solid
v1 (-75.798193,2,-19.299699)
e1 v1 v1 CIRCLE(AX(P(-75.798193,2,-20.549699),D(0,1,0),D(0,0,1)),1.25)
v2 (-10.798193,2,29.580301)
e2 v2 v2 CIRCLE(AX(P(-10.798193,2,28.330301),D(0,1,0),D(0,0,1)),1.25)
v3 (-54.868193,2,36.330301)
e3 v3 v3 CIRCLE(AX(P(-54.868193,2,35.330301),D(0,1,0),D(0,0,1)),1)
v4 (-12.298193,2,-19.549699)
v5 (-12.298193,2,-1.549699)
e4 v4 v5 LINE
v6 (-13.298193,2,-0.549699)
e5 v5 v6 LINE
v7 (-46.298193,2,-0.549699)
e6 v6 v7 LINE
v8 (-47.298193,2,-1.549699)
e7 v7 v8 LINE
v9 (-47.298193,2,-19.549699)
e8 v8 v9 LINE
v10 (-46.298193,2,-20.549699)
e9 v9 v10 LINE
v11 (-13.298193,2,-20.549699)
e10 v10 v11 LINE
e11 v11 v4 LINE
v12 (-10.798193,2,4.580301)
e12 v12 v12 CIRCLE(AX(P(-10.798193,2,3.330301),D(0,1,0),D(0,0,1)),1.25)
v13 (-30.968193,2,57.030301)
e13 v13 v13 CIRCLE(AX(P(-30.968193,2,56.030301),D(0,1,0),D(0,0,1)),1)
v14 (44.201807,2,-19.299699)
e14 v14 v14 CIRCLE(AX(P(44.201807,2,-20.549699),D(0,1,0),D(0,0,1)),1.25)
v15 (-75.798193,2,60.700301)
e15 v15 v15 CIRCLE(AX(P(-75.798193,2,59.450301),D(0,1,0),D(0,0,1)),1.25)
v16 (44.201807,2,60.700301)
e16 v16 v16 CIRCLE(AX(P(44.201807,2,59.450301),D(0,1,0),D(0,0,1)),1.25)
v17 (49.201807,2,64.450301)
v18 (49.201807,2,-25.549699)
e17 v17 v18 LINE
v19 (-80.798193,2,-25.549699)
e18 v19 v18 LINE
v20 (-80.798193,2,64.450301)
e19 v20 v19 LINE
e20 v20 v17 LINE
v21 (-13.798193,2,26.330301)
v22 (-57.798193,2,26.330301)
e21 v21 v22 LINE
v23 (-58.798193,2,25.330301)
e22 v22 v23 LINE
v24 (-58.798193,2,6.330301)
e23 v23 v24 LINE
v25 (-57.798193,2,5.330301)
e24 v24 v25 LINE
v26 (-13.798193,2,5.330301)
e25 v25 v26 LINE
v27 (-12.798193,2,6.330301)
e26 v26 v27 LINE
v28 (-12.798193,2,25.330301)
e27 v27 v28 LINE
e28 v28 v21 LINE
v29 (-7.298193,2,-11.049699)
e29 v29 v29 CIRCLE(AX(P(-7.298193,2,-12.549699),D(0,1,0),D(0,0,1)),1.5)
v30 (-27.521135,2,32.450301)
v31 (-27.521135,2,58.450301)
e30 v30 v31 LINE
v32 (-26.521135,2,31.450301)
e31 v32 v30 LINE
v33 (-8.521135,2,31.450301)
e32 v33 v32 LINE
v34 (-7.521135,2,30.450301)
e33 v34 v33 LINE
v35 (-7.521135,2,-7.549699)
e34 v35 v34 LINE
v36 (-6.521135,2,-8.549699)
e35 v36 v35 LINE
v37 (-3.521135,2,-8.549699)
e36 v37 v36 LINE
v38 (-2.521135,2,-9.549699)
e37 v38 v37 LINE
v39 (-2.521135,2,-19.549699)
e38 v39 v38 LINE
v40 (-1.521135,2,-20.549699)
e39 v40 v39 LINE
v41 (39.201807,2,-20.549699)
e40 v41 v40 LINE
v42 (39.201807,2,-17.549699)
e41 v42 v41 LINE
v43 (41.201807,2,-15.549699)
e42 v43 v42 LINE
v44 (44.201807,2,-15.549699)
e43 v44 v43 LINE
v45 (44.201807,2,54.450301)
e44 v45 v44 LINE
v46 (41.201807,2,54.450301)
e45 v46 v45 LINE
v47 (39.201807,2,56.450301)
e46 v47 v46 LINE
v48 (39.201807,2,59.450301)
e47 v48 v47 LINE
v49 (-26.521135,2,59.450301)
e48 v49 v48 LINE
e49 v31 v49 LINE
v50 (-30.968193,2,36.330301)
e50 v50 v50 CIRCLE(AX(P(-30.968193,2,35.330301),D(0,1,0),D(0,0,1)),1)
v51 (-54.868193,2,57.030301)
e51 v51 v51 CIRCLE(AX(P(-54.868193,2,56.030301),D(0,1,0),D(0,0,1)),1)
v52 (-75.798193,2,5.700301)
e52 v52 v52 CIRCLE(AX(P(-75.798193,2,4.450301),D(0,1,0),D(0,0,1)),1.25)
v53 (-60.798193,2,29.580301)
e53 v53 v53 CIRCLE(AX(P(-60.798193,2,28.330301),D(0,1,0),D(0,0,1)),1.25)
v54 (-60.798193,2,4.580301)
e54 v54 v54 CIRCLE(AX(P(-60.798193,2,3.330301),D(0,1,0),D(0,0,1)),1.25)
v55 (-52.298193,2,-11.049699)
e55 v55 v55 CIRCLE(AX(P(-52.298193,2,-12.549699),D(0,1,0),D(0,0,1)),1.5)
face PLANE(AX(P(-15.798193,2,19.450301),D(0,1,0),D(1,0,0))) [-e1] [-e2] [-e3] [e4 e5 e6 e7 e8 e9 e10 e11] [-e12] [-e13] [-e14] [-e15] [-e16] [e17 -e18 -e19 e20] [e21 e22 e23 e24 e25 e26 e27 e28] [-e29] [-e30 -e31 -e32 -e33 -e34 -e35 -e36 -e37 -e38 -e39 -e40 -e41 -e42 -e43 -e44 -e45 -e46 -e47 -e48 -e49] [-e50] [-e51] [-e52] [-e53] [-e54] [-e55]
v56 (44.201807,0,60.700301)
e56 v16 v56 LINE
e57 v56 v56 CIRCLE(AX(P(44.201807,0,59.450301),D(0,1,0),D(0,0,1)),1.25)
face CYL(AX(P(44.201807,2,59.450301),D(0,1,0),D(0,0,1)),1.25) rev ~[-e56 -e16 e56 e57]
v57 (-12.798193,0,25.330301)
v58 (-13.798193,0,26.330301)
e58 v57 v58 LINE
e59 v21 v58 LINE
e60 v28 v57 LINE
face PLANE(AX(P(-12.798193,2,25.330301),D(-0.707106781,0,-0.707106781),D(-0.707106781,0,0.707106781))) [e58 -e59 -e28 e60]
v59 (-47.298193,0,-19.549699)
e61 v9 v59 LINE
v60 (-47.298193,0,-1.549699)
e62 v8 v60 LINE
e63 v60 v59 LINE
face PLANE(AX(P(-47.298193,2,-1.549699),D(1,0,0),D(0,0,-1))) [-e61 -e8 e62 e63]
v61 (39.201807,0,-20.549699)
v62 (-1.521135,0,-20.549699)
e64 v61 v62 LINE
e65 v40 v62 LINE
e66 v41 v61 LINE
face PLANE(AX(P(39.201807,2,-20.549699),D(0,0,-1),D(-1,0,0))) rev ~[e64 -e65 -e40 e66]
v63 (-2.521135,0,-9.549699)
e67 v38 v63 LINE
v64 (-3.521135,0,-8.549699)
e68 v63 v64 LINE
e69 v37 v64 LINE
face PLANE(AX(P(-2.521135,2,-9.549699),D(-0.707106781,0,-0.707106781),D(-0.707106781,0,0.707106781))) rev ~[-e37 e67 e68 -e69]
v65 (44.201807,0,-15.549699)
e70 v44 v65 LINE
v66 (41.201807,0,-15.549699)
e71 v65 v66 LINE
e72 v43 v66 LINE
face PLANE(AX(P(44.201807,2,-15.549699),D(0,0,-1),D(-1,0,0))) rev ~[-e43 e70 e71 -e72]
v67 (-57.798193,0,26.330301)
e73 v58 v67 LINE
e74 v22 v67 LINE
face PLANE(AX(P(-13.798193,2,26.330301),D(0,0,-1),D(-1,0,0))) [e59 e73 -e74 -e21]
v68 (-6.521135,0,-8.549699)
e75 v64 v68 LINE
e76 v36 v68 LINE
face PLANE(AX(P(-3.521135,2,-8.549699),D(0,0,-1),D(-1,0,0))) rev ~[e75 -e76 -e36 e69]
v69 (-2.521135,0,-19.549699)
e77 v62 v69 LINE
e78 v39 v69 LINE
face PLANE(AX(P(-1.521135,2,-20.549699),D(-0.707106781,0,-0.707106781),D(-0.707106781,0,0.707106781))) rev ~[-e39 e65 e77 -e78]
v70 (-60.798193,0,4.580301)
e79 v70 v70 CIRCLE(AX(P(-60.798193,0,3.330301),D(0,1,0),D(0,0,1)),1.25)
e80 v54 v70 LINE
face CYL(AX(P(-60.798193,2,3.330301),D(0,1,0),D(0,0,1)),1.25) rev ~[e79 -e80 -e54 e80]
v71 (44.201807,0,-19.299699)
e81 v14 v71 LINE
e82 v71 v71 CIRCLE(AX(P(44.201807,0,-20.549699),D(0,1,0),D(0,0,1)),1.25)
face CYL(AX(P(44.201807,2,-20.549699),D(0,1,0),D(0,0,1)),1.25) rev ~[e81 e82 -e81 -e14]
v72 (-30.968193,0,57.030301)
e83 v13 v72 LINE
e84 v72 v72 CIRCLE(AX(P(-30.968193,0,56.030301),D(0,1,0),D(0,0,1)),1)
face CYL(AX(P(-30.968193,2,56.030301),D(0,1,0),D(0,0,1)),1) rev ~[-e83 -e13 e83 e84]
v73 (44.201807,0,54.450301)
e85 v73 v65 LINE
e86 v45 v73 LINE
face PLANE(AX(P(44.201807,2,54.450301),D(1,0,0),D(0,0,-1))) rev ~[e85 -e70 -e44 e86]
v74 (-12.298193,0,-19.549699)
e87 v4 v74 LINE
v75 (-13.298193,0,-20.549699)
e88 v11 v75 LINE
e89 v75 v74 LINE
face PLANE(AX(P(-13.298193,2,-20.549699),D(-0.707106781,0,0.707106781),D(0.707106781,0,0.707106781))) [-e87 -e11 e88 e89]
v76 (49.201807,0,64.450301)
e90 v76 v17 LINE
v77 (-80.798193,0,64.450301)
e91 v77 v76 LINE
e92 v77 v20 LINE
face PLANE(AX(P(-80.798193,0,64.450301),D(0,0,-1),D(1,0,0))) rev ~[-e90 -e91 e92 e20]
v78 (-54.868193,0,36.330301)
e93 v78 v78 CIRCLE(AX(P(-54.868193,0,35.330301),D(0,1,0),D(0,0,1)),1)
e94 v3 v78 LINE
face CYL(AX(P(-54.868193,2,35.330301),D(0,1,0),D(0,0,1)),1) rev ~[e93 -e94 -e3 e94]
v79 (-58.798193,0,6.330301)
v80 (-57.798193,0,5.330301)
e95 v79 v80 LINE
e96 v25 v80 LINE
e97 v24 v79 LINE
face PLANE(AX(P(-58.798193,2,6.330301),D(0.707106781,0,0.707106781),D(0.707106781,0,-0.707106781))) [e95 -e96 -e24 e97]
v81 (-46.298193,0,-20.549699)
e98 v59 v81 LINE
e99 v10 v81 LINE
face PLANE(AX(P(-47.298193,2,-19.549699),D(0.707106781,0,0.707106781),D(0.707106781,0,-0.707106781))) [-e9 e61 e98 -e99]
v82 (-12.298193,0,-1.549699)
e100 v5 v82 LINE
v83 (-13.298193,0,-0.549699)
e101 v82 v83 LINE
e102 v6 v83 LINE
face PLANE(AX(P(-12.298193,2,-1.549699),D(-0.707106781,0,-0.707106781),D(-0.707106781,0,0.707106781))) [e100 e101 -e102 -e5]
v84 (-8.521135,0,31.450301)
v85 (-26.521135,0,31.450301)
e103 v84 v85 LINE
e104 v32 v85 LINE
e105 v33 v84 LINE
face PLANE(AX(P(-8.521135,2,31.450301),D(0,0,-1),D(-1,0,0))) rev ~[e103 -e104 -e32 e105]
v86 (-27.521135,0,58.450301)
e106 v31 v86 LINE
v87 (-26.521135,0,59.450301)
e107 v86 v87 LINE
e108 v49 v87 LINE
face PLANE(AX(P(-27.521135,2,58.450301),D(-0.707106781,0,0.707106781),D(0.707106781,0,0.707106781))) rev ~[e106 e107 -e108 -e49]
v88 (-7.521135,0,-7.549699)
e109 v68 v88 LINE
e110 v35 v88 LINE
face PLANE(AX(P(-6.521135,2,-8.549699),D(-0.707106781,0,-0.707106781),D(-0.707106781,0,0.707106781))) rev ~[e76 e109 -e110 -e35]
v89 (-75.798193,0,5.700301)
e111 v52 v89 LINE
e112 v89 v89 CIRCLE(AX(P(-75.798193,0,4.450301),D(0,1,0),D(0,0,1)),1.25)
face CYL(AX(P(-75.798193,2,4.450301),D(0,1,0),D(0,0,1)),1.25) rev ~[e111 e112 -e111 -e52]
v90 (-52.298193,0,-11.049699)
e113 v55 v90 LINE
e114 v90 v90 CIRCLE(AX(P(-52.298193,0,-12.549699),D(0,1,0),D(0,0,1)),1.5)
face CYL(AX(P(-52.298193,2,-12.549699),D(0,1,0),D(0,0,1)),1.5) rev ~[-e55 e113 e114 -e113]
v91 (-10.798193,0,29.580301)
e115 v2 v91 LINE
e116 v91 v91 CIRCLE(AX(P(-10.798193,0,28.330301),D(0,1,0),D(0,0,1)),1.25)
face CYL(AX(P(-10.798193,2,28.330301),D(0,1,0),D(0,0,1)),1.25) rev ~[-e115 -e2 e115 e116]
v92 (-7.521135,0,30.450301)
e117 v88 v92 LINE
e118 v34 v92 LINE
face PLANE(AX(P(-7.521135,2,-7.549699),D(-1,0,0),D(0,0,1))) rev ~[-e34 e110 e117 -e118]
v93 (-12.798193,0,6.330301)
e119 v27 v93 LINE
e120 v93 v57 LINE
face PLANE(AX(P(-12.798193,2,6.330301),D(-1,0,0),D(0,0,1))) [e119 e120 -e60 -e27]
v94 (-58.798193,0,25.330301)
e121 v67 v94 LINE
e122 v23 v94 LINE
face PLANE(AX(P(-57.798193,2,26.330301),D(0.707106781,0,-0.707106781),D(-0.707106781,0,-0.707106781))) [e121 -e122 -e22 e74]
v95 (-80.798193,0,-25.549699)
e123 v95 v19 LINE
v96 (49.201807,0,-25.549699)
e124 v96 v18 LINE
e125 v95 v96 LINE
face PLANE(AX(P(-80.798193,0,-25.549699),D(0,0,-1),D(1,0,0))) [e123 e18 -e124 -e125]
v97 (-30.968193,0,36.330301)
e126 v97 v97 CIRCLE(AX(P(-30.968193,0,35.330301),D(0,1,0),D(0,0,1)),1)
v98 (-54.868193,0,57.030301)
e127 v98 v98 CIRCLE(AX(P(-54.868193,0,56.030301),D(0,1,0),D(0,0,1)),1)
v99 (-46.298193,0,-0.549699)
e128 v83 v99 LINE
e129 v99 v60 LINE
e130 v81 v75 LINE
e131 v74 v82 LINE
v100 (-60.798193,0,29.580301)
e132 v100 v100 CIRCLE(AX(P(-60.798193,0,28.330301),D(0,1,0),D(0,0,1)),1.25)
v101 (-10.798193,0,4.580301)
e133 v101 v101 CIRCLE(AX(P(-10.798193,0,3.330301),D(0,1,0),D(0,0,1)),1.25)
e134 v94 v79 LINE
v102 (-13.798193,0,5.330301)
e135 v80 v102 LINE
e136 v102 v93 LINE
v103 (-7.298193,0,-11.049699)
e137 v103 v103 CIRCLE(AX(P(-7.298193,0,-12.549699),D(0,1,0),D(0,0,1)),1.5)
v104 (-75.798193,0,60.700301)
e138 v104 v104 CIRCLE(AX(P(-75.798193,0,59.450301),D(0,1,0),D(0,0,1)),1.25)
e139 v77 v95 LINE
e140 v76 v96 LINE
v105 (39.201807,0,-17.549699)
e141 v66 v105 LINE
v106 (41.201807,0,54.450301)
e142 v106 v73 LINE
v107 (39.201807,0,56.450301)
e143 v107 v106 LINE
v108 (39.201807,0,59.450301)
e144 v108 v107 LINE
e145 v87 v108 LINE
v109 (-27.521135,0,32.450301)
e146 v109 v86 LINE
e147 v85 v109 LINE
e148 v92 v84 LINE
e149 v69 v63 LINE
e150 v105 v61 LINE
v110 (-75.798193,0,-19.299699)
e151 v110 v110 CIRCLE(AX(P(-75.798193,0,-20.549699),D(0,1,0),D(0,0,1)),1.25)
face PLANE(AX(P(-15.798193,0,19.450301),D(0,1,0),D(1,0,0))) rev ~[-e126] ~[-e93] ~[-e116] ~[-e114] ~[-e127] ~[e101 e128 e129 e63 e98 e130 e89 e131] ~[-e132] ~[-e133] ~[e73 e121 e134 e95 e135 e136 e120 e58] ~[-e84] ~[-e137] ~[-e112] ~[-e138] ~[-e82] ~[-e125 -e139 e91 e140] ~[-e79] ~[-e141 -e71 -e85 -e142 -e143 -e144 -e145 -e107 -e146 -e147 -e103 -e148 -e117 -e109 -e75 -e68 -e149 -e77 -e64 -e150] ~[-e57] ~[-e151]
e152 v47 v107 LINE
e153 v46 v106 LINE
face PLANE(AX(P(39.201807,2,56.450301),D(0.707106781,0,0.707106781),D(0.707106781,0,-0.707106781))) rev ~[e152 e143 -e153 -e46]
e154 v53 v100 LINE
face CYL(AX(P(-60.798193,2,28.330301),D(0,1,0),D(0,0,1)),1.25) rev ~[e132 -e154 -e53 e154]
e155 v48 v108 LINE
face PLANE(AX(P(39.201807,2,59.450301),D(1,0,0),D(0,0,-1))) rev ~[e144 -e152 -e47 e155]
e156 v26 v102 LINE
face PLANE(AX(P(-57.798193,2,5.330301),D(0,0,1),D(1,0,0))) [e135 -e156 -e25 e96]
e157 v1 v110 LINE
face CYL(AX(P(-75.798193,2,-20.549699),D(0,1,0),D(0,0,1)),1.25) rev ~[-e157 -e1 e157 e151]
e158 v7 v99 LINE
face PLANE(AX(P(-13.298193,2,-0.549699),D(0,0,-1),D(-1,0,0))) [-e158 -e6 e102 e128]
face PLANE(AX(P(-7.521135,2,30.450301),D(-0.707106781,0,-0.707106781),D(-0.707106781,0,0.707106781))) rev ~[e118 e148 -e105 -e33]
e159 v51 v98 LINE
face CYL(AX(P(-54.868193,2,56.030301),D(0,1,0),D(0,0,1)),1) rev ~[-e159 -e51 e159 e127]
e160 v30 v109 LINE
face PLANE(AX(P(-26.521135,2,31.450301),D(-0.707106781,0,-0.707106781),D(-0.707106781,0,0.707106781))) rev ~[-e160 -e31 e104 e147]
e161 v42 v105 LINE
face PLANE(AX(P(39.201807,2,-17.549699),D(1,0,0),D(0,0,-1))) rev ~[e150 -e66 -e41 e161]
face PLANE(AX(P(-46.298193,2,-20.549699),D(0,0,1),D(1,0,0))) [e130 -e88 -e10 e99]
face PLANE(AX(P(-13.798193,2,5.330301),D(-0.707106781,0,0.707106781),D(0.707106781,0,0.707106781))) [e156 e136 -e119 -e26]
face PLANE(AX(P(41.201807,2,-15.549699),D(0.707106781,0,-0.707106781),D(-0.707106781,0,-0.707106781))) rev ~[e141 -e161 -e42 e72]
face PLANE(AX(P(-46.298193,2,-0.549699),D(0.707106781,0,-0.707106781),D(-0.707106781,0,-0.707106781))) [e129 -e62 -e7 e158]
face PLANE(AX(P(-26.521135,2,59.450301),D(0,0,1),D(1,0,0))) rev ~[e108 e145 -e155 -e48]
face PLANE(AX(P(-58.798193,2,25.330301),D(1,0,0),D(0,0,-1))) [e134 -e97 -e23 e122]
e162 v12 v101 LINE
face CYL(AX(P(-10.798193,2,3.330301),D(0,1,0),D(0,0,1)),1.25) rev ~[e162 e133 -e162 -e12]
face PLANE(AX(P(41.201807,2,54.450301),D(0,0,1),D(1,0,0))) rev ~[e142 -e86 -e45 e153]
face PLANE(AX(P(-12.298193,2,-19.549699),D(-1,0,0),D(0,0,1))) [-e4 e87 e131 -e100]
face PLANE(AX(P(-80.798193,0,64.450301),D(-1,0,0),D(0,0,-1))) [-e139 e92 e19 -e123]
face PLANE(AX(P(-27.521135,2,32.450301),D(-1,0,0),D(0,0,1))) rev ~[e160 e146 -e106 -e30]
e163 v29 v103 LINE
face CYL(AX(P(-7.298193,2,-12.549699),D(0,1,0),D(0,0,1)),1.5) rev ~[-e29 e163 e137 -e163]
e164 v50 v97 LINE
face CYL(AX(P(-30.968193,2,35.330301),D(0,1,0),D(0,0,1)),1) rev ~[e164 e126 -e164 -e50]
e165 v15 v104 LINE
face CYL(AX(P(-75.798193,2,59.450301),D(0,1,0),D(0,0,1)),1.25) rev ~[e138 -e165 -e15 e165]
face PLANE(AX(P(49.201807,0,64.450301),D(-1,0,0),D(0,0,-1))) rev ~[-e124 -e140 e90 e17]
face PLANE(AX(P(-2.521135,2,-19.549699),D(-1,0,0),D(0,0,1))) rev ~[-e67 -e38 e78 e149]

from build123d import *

# Parameters (mm, degrees)
ESQUISSE1_W             = 130
ESQUISSE1_H             = 90
BOSS_EXTRU_1_DEPTH      = 2
ESQUISSE2_R             = 1.5
ESQUISSE2_R_2           = 1.25
ESQUISSE2_R_3           = 1
ENL_V_MAT_EXTRU_1_DEPTH = 2
ENL_V_MAT_EXTRU_2_DEPTH = 10
ENL_V_MAT_EXTRU_3_DEPTH = 10
ENL_V_MAT_EXTRU_4_DEPTH = 10


with BuildPart() as part:
    # Esquisse1 → Boss.-Extru.1 (new body)
    with BuildSketch(Plane(origin=(0, 0, 0), x_dir=(1, 0, 0), z_dir=(0, 1, 0))):
        with Locations((-15.798192771, -19.450301205)):
            Rectangle(ESQUISSE1_W, ESQUISSE1_H)
    extrude(amount=BOSS_EXTRU_1_DEPTH)

    # Esquisse2 → Enlèv. mat.-Extru.1 (cut)
    with BuildSketch(Plane(origin=(0, 2, 0), x_dir=(1, 0, 0), z_dir=(0, 1, 0))):
        with Locations(Location((-52.298192771, 12.549698795, 0), (0, 0, 270))):  # turned: the seam where the file's is
            Circle(ESQUISSE2_R)
        with Locations(Location((-7.298192771, 12.549698795, 0), (0, 0, 270))):  # turned: the seam where the file's is
            Circle(ESQUISSE2_R)
        with Locations(Location((-60.798192771, -3.330301205, 0), (0, 0, 270))):  # turned: the seam where the file's is
            Circle(ESQUISSE2_R_2)
        with Locations(Location((-10.798192771, -3.330301205, 0), (0, 0, 270))):  # turned: the seam where the file's is
            Circle(ESQUISSE2_R_2)
        with Locations(Location((-10.798192771, -28.330301205, 0), (0, 0, 270))):  # turned: the seam where the file's is
            Circle(ESQUISSE2_R_2)
        with Locations(Location((-60.798192771, -28.330301205, 0), (0, 0, 270))):  # turned: the seam where the file's is
            Circle(ESQUISSE2_R_2)
        with Locations(Location((-54.868192771, -35.330301205, 0), (0, 0, 270))):  # turned: the seam where the file's is
            Circle(ESQUISSE2_R_3)
        with Locations(Location((-30.968192771, -35.330301205, 0), (0, 0, 270))):  # turned: the seam where the file's is
            Circle(ESQUISSE2_R_3)
        with Locations(Location((-30.968192771, -56.030301205, 0), (0, 0, 270))):  # turned: the seam where the file's is
            Circle(ESQUISSE2_R_3)
        with Locations(Location((-54.868192771, -56.030301205, 0), (0, 0, 270))):  # turned: the seam where the file's is
            Circle(ESQUISSE2_R_3)
        with Locations(Location((-75.798192771, -4.450301205, 0), (0, 0, 270))):  # turned: the seam where the file's is
            Circle(ESQUISSE2_R_2)
        with Locations(Location((-75.798192771, -59.450301205, 0), (0, 0, 270))):  # turned: the seam where the file's is
            Circle(ESQUISSE2_R_2)
        with Locations(Location((44.201807229, 20.549698795, 0), (0, 0, 270))):  # turned: the seam where the file's is
            Circle(ESQUISSE2_R_2)
        with Locations(Location((44.201807229, -59.450301205, 0), (0, 0, 270))):  # turned: the seam where the file's is
            Circle(ESQUISSE2_R_2)
        with Locations(Location((-75.798192771, 20.549698795, 0), (0, 0, 270))):  # turned: the seam where the file's is
            Circle(ESQUISSE2_R_2)
    extrude(amount=-ENL_V_MAT_EXTRU_1_DEPTH, mode=Mode.SUBTRACT)

    # Esquisse3 → Enlèv. mat.-Extru.2 (cut)
    with BuildSketch(Plane(origin=(0, 2, 0), x_dir=(1, 0, 0), z_dir=(0, 1, 0))):
        Polygon((39.201807229, 20.549698795), (-1.521135019, 20.549698795), (-2.521135019, 19.549698795), (-2.521135019, 9.549698795), (-3.521135019, 8.549698795), (-6.521135019, 8.549698795), (-7.521135019, 7.549698795), (-7.521135019, -30.450301205), (-8.521135019, -31.450301205), (-26.521135019, -31.450301205), (-27.521135019, -32.450301205), (-27.521135019, -58.450301205), (-26.521135019, -59.450301205), (39.201807229, -59.450301205), (39.201807229, -56.450301205), (41.201807229, -54.450301205), (44.201807229, -54.450301205), (44.201807229, 15.549698795), (41.201807229, 15.549698795), (39.201807229, 17.549698795), align=None)
    extrude(amount=-ENL_V_MAT_EXTRU_2_DEPTH, mode=Mode.SUBTRACT)

    # Esquisse4 → Enlèv. mat.-Extru.3 (cut)
    with BuildSketch(Plane(origin=(0, 2, 0), x_dir=(1, 0, 0), z_dir=(0, 1, 0))):
        Polygon((-58.798192771, -6.330301205), (-57.798192771, -5.330301205), (-13.798192771, -5.330301205), (-12.798192771, -6.330301205), (-12.798192771, -25.330301205), (-13.798192771, -26.330301205), (-57.798192771, -26.330301205), (-58.798192771, -25.330301205), align=None)
    extrude(amount=-ENL_V_MAT_EXTRU_3_DEPTH, mode=Mode.SUBTRACT)

    # Esquisse5 → Enlèv. mat.-Extru.4 (cut)
    with BuildSketch(Plane(origin=(0, 2, 0), x_dir=(1, 0, 0), z_dir=(0, 1, 0))):
        Polygon((-46.298192771, 20.549698795), (-13.298192771, 20.549698795), (-12.298192771, 19.549698795), (-12.298192771, 1.549698795), (-13.298192771, 0.549698795), (-46.298192771, 0.549698795), (-47.298192771, 1.549698795), (-47.298192771, 19.549698795), align=None)
    extrude(amount=-ENL_V_MAT_EXTRU_4_DEPTH, mode=Mode.SUBTRACT)


solid = part.part
